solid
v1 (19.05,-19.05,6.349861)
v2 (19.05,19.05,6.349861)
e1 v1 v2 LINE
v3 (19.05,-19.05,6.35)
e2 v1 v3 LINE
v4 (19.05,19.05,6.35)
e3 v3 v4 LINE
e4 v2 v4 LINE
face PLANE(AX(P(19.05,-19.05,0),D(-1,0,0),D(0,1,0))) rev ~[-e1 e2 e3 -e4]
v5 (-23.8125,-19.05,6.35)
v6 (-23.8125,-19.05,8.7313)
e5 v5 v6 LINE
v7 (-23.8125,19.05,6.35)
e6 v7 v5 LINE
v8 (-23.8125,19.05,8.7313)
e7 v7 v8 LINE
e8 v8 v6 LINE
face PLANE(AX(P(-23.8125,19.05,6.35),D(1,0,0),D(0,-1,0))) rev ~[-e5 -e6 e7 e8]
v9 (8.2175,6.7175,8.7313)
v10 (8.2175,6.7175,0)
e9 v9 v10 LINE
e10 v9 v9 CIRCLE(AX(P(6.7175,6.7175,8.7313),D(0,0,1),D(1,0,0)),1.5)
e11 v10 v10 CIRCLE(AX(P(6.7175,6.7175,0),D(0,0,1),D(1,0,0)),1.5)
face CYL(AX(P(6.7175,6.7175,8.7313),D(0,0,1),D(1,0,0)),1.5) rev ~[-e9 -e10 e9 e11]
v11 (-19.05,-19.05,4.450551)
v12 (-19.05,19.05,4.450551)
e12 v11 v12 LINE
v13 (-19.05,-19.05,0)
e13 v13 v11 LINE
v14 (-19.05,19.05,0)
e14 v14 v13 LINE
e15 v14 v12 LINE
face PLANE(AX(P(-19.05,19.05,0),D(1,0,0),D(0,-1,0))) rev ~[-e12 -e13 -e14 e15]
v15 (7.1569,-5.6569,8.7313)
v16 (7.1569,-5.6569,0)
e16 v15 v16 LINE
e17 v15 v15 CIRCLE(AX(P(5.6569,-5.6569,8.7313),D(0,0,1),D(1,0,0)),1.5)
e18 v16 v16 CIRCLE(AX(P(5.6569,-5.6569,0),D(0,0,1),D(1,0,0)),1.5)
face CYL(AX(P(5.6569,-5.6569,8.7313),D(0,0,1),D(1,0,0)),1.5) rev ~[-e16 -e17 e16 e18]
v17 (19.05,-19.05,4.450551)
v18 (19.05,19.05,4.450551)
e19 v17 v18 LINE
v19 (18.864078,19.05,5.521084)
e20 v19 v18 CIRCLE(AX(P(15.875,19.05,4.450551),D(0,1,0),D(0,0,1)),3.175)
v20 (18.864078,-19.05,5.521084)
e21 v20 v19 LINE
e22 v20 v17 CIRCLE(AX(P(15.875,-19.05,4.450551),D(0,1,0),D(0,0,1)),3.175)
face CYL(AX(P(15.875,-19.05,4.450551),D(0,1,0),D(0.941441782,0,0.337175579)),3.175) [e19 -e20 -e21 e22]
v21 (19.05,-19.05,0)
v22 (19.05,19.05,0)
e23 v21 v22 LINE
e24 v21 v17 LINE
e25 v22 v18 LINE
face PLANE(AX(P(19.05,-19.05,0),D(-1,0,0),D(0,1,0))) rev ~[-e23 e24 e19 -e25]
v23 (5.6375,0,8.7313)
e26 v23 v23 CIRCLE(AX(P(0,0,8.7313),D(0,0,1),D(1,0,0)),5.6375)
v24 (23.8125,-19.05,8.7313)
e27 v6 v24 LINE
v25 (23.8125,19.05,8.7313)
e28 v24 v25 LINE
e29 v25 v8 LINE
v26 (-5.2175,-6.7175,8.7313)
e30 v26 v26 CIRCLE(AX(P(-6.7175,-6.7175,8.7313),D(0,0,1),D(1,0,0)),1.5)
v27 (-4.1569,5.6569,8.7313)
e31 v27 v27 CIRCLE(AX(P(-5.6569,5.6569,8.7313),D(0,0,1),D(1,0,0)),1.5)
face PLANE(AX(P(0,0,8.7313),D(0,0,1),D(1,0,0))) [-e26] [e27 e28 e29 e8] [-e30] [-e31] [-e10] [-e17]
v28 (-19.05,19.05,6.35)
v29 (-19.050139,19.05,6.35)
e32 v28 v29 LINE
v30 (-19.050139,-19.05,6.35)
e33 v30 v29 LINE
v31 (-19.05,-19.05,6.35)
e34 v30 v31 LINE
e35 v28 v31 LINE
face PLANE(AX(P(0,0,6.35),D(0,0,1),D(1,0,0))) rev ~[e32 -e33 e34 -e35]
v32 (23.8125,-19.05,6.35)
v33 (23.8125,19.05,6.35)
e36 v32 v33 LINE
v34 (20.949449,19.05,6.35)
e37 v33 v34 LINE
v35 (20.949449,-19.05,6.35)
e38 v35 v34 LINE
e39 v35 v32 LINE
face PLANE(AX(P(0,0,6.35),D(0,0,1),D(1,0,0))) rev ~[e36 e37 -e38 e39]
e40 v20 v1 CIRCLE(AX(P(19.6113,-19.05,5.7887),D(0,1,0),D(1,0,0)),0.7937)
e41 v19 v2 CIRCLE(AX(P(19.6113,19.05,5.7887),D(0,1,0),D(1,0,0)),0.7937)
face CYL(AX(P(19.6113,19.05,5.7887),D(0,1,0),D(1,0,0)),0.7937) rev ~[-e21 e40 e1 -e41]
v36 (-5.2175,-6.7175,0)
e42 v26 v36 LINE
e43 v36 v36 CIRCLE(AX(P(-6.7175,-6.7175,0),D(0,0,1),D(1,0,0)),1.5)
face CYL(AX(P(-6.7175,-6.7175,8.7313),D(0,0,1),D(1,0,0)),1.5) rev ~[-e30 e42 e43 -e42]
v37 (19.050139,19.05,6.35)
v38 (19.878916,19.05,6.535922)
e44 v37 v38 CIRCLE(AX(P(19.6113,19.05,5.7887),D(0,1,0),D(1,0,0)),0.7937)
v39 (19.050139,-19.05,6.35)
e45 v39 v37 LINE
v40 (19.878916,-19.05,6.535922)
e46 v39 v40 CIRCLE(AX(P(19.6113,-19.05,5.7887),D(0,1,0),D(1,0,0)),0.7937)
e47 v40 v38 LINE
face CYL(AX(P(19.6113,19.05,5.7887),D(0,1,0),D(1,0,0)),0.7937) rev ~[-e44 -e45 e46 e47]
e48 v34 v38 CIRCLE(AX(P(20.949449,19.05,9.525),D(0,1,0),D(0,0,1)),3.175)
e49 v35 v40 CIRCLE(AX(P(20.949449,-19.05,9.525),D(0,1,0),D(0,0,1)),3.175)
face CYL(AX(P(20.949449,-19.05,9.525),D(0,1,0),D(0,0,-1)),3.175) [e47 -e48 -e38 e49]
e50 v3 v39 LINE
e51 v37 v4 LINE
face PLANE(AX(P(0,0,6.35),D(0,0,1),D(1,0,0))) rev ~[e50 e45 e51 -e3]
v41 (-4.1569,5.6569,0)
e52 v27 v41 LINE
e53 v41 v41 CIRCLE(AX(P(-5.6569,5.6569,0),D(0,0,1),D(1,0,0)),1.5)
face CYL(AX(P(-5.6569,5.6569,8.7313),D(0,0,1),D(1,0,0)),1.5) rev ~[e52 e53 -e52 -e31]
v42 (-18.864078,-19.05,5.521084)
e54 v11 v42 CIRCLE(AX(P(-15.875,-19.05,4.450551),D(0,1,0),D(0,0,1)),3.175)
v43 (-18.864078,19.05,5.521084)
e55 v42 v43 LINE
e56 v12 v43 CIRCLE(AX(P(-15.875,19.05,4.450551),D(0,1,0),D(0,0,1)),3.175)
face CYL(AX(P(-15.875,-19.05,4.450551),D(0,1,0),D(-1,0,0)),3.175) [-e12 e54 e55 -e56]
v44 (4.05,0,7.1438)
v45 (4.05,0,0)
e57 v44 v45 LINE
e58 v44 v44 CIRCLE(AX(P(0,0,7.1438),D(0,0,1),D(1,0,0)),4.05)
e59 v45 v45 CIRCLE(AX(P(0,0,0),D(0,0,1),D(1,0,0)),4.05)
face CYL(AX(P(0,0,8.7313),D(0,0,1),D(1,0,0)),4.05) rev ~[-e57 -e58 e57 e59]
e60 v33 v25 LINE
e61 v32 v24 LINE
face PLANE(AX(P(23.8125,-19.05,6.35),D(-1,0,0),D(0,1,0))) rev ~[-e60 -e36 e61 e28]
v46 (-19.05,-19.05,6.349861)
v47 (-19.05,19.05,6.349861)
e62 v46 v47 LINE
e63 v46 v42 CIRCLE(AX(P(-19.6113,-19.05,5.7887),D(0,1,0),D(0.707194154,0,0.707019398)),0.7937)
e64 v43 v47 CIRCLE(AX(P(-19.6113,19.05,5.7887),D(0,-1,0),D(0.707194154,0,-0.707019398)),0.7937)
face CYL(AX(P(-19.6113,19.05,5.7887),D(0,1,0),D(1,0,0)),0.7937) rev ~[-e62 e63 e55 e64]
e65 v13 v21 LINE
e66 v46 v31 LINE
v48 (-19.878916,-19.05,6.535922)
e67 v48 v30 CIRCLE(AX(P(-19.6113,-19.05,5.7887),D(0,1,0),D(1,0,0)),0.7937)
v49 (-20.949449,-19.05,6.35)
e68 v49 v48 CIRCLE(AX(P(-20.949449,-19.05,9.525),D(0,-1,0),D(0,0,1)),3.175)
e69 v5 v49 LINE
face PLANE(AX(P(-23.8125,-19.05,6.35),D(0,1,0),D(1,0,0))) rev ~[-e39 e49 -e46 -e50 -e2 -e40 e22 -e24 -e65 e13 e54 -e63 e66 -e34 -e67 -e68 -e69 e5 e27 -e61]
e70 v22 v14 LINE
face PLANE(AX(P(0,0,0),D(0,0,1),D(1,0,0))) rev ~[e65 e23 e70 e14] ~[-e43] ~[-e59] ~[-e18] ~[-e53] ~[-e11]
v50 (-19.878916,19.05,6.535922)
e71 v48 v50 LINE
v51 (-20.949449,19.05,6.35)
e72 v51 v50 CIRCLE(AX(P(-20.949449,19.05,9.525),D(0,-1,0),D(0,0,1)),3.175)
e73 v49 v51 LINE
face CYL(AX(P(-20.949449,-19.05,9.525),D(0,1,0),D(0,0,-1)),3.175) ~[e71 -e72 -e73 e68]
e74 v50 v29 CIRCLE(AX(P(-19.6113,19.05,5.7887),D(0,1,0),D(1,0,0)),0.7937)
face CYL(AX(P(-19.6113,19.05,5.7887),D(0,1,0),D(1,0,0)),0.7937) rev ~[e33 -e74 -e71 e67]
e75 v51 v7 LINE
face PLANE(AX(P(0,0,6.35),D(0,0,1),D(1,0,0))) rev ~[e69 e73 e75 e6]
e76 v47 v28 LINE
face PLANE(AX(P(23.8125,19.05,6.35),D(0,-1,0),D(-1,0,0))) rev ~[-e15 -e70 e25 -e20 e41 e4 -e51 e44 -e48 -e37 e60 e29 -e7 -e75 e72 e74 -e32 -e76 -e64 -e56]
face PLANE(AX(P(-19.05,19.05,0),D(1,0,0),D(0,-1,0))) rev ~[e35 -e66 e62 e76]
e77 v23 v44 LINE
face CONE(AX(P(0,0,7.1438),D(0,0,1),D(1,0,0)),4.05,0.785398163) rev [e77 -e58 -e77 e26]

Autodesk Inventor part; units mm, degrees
ref_plane "YZ Plane" through (0, 0, 0) normal (1, 0, 0) x (0, 1, 0)
ref_plane "XZ Plane" through (0, 0, 0) normal (0, 1, 0) x (-1, 0, 0)
ref_plane "XY Plane" through (0, 0, 0) normal (0, 0, 1) x (1, 0, 0)
sketch "Sketch1" plane through (0, 0, 0) normal (0, 0, 1) x (1, 0, 0)
  line L0 (-19.05, -19.05) -> (19.05, -19.05)
  line L1 (19.05, -19.05) -> (19.05, 19.05)
  line L2 (19.05, 19.05) -> (-19.05, 19.05)
  line L3 (-19.05, 19.05) -> (-19.05, -19.05)
  line L4 (-19.05, -19.05) -> (19.05, 19.05) construction
  line L5 (19.05, -19.05) -> (-19.05, 19.05) construction
  point P0 (0, 0)
  dimension "d0" = 38.1
  dimension "d1" = 38.1
extrude "Extrusion1" add sketch "Sketch1" along normal blind 6.35
sketch "Sketch2" plane through (0, 0, 6.35) normal (0, 0, 1) x (1, 0, 0)
  line L0 (-23.8125, -19.05) -> (23.8125, -19.05)
  line L1 (23.8125, -19.05) -> (23.8125, 19.05)
  line L2 (23.8125, 19.05) -> (-23.8125, 19.05)
  line L3 (-23.8125, 19.05) -> (-23.8125, -19.05)
  line L4 (-23.8125, -19.05) -> (23.8125, 19.05) construction
  line L5 (23.8125, -19.05) -> (-23.8125, 19.05) construction
  point P0 (0, 0)
  point P1 (19.05, 19.05)
  dimension "d4" = 47.625
extrude "Extrusion2" add sketch "Sketch2" along normal blind 2.3813
sketch "Sketch3" plane through (-19.05, 19.05, 0) normal (0, 1, 0) x (1, 0, 0)
  line L0 (0, 0) -> (0, -6.35) construction
  line L1 (0, -6.35) -> (-0.5613, -5.7887) construction
  line L2 (0, -6.35) -> (-4.7625, -6.35) construction
  circle A0 centre (-0.5613, -5.7887) radius 0.7937
  line L3 (19.05, 0) -> (19.05, -8.7313) construction
  line L4 (42.8625, -8.7313) -> (-4.7625, -8.7313) projected
  circle A1 centre (38.6613, -5.7887) radius 0.7937
  dimension "d8" = 1.5875
  dimension "d7" = 45
extrude "Extrusion3" cut sketch "Sketch3" against normal through all
fillet "Fillet1" radius 3.175 4 edges at (-19.05, 0, 5.2275) (-20.1725, 0, 6.35) (20.1725, 0, 6.35) (19.05, 0, 5.2275)
sketch "Sketch4" plane through (0, 0, 8.7313) normal (0, 0, 1) x (1, 0, 0)
  circle A0 centre (0, 0) radius 4.05
  circle A1 centre (0, 0) radius 8 construction
  circle A2 centre (0, 0) radius 9.5 construction
  line L0 (0, 0) -> (0, 9.5) construction
  line L1 (0, 0) -> (-5.6569, 5.6569) construction
  line L2 (0, 0) -> (-6.7175, -6.7175) construction
  circle A3 centre (-5.6569, 5.6569) radius 1.5
  circle A4 centre (-6.7175, -6.7175) radius 1.5
  circle A5 centre (6.7175, 6.7175) radius 1.5
  circle A6 centre (5.6569, -5.6569) radius 1.5
  dimension "d13" = 16
  dimension "d12" = 8.1
  dimension "d14" = 19
  dimension "d15" = 45
  dimension "d16" = 3
  dimension "d17" = 3
  dimension "d20" = 360
extrude "Extrusion4" cut sketch "Sketch4" against normal through all
chamfer "Chamfer1" distance 1.5875 angle 45 1 edges at (-4.05, 0, 8.7313)
properties part number "Drill Guide"
